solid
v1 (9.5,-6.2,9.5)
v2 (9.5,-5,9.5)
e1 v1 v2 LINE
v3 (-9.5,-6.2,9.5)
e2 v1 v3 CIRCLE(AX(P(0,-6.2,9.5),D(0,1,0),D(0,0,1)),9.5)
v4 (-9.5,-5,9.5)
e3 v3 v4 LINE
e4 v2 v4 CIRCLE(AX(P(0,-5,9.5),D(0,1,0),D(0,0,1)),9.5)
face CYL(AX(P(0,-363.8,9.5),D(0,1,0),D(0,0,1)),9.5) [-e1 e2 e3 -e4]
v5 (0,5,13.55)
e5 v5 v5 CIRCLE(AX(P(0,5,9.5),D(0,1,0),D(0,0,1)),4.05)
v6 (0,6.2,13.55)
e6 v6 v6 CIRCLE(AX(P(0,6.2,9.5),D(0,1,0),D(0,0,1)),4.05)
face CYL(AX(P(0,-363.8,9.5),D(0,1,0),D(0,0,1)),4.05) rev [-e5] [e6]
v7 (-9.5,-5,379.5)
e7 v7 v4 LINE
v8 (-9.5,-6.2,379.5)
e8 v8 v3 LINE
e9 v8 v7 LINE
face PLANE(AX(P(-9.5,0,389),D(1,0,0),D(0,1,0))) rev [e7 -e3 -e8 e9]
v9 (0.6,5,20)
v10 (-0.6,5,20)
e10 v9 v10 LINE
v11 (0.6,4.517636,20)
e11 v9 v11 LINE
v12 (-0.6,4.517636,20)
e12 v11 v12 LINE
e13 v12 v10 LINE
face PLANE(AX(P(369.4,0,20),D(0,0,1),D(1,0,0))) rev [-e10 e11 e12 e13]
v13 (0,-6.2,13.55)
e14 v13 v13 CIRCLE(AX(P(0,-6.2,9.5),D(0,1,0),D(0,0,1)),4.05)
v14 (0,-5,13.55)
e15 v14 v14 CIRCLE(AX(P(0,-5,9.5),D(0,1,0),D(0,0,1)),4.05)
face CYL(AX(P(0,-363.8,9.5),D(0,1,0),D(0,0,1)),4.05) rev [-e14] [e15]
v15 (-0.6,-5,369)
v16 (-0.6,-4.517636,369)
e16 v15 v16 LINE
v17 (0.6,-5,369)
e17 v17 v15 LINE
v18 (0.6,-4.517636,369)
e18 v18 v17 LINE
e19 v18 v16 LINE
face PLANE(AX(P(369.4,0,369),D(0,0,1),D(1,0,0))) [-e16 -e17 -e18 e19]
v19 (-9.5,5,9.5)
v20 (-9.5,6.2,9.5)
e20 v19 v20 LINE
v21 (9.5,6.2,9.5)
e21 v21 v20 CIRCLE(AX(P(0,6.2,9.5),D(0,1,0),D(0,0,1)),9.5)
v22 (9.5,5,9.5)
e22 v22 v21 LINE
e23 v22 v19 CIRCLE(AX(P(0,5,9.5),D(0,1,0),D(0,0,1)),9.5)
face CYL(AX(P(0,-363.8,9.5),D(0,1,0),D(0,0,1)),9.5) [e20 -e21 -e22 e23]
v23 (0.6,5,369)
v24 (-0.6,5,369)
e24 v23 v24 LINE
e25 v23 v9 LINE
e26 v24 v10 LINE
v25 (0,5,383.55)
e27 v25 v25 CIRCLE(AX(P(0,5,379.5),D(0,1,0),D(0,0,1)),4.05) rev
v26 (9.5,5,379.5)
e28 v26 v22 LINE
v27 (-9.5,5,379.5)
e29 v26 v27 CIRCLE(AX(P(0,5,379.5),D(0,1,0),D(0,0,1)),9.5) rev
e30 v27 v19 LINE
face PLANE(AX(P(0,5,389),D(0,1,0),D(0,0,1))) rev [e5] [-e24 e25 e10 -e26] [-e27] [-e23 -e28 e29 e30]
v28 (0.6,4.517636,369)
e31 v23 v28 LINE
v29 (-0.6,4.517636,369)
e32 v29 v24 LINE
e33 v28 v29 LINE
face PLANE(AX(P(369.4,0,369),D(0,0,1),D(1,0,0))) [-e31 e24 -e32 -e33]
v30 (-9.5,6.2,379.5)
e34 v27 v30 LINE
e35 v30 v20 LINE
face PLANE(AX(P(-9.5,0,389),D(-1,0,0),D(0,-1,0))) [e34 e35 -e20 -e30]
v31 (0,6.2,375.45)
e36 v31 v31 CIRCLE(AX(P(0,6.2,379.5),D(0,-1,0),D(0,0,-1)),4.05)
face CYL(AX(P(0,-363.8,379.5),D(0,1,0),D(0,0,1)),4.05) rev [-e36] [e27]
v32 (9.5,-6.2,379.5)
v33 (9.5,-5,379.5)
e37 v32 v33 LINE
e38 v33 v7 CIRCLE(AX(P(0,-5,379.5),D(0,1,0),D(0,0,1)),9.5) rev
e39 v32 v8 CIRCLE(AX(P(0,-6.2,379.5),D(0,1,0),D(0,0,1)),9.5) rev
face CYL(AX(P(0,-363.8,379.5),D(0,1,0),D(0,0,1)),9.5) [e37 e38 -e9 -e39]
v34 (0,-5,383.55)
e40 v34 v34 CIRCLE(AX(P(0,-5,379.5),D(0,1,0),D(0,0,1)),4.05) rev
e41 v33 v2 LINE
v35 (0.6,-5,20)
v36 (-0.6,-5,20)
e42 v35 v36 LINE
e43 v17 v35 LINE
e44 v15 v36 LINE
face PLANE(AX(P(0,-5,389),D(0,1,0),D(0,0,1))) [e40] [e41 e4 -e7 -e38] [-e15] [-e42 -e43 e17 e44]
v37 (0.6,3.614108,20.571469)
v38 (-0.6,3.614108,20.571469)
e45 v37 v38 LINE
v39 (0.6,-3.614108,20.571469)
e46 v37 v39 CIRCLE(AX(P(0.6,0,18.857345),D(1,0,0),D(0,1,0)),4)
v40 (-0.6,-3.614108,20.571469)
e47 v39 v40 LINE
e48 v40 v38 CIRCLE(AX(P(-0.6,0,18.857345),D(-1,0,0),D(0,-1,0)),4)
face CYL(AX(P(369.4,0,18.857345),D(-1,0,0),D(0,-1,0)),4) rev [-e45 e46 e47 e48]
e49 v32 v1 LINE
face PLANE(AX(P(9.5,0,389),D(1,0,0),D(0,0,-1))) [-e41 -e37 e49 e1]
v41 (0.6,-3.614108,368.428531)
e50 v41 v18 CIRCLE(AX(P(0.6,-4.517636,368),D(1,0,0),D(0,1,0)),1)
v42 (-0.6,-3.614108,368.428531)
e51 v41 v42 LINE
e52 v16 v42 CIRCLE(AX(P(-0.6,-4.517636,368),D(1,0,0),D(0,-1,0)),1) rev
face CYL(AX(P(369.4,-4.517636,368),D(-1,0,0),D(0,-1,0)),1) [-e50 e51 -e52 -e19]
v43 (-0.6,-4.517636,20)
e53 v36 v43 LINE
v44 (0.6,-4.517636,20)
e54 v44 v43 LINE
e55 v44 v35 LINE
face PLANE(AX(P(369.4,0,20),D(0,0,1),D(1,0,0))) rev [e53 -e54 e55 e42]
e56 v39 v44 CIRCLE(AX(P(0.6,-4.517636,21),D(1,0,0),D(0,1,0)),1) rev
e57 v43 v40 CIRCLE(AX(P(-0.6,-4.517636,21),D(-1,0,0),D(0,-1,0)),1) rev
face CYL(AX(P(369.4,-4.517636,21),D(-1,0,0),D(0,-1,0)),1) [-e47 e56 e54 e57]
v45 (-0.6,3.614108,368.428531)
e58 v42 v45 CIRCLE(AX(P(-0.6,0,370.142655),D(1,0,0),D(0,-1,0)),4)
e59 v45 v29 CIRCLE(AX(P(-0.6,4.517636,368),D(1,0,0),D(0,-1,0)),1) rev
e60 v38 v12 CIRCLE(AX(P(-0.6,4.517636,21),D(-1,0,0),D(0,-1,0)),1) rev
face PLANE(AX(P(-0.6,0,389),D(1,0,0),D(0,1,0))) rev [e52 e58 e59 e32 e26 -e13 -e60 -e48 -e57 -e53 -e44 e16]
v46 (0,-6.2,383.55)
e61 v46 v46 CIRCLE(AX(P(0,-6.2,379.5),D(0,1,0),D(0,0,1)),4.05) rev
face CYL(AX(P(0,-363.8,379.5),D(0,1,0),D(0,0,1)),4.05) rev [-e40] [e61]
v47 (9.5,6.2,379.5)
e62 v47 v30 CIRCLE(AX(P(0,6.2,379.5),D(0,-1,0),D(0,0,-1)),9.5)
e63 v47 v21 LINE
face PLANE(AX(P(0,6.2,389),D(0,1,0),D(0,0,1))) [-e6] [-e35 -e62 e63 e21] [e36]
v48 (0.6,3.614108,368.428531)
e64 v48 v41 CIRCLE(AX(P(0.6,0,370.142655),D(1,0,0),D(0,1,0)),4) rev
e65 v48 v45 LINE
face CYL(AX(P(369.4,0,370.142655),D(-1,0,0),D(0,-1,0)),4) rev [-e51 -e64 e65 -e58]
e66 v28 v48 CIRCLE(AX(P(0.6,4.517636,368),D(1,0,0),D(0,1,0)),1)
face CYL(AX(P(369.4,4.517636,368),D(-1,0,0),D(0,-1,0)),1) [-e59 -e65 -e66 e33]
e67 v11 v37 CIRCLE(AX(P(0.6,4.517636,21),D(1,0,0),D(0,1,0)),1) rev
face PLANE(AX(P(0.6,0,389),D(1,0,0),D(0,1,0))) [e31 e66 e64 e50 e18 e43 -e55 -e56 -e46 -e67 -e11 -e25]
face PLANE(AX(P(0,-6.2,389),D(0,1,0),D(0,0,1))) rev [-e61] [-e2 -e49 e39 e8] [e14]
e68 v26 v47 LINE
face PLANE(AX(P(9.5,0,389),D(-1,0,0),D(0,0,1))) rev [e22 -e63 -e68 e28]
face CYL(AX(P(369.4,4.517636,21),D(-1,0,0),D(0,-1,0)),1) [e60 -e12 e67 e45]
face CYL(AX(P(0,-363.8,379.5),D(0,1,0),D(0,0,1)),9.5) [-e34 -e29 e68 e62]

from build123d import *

# Parameters (mm, degrees)
SKETCH1_W           = 1.2
SKETCH1_H           = 10
SKETCH1_W_2         = 19
SKETCH1_H_2         = 1.2
BOSS_EXTRUDE1_DEPTH = 389
SKETCH3_R           = 4.05
CUT_EXTRUDE2_DEPTH  = 370
CUT_EXTRUDE4_DEPTH  = 370


with BuildPart() as part:
    # Sketch1 → Boss-Extrude1 (new body)
    with BuildSketch(Plane.XY):
        Rectangle(SKETCH1_W, SKETCH1_H)
        with Locations((0, -5.6)):
            Rectangle(SKETCH1_W_2, SKETCH1_H_2)
        with Locations((0, 5.6)):
            Rectangle(SKETCH1_W_2, SKETCH1_H_2)
    extrude(amount=BOSS_EXTRUDE1_DEPTH)

    # Sketch3 → Cut-Extrude2 (cut)
    with BuildSketch(Plane(origin=(0, 6.2, 0), x_dir=(1, 0, 0), z_dir=(0, 1, 0))):
        with BuildLine():
            Line((-9.5, 0), (-9.5, -9.5))
            ThreePointArc((-9.5, -9.5), (-6.717514436, -2.782485594), (-4.2e-08, 0))
            Line((-4.2e-08, 0), (-9.5, 0))
        make_face()
        with BuildLine():
            Line((9.5, 0), (-4.2e-08, 0))
            ThreePointArc((-4.2e-08, 0), (6.717514406, -2.782485564), (9.5, -9.5))
            Line((9.5, -9.5), (9.5, 0))
        make_face()
        with BuildLine():
            ThreePointArc((14.5, -9.5), (0, 5), (-14.5, -9.5))
            Line((-14.5, -9.5), (-9.5, -9.5))
            Line((-9.5, -9.5), (-9.5, 0))
            Line((-9.5, 0), (-4.2e-08, 0))
            Line((-4.2e-08, 0), (9.5, 0))
            Line((9.5, 0), (9.5, -9.5))
            Line((9.5, -9.5), (14.5, -9.5))
        make_face()
        with Locations((0, -9.5)):
            Circle(SKETCH3_R)
    cut_extrude2 = extrude(amount=-CUT_EXTRUDE2_DEPTH, mode=Mode.SUBTRACT)

    # Mirror1: Cut-Extrude2 across plane
    add(cut_extrude2.mirror(Plane.XY.offset(194.5)), mode=Mode.SUBTRACT)

    # Sketch6 → Cut-Extrude4 (cut)
    with BuildSketch(Plane.ZY.offset(0.6)):
        with BuildLine():
            Line((20, -5), (-1, -5))
            Line((-1, -5), (-1, 5))
            Line((-1, 5), (20, 5))
            Line((20, 5), (20, 4.517635543))
            ThreePointArc((20, 4.517635543), (20.154857723, 3.983094121), (20.571469063, 3.614108434))
            ThreePointArc((20.571469063, 3.614108434), (22.857345314, 0), (20.571469063, -3.614108434))
            ThreePointArc((20.571469063, -3.614108434), (20.154857723, -3.983094121), (20, -4.517635543))
            Line((20, -4.517635543), (20, -5))
        make_face()
    cut_extrude4 = extrude(amount=-CUT_EXTRUDE4_DEPTH, mode=Mode.SUBTRACT)

    # Mirror2: Cut-Extrude4 across plane
    add(cut_extrude4.mirror(Plane.XY.offset(194.5)), mode=Mode.SUBTRACT)


solid = part.part
